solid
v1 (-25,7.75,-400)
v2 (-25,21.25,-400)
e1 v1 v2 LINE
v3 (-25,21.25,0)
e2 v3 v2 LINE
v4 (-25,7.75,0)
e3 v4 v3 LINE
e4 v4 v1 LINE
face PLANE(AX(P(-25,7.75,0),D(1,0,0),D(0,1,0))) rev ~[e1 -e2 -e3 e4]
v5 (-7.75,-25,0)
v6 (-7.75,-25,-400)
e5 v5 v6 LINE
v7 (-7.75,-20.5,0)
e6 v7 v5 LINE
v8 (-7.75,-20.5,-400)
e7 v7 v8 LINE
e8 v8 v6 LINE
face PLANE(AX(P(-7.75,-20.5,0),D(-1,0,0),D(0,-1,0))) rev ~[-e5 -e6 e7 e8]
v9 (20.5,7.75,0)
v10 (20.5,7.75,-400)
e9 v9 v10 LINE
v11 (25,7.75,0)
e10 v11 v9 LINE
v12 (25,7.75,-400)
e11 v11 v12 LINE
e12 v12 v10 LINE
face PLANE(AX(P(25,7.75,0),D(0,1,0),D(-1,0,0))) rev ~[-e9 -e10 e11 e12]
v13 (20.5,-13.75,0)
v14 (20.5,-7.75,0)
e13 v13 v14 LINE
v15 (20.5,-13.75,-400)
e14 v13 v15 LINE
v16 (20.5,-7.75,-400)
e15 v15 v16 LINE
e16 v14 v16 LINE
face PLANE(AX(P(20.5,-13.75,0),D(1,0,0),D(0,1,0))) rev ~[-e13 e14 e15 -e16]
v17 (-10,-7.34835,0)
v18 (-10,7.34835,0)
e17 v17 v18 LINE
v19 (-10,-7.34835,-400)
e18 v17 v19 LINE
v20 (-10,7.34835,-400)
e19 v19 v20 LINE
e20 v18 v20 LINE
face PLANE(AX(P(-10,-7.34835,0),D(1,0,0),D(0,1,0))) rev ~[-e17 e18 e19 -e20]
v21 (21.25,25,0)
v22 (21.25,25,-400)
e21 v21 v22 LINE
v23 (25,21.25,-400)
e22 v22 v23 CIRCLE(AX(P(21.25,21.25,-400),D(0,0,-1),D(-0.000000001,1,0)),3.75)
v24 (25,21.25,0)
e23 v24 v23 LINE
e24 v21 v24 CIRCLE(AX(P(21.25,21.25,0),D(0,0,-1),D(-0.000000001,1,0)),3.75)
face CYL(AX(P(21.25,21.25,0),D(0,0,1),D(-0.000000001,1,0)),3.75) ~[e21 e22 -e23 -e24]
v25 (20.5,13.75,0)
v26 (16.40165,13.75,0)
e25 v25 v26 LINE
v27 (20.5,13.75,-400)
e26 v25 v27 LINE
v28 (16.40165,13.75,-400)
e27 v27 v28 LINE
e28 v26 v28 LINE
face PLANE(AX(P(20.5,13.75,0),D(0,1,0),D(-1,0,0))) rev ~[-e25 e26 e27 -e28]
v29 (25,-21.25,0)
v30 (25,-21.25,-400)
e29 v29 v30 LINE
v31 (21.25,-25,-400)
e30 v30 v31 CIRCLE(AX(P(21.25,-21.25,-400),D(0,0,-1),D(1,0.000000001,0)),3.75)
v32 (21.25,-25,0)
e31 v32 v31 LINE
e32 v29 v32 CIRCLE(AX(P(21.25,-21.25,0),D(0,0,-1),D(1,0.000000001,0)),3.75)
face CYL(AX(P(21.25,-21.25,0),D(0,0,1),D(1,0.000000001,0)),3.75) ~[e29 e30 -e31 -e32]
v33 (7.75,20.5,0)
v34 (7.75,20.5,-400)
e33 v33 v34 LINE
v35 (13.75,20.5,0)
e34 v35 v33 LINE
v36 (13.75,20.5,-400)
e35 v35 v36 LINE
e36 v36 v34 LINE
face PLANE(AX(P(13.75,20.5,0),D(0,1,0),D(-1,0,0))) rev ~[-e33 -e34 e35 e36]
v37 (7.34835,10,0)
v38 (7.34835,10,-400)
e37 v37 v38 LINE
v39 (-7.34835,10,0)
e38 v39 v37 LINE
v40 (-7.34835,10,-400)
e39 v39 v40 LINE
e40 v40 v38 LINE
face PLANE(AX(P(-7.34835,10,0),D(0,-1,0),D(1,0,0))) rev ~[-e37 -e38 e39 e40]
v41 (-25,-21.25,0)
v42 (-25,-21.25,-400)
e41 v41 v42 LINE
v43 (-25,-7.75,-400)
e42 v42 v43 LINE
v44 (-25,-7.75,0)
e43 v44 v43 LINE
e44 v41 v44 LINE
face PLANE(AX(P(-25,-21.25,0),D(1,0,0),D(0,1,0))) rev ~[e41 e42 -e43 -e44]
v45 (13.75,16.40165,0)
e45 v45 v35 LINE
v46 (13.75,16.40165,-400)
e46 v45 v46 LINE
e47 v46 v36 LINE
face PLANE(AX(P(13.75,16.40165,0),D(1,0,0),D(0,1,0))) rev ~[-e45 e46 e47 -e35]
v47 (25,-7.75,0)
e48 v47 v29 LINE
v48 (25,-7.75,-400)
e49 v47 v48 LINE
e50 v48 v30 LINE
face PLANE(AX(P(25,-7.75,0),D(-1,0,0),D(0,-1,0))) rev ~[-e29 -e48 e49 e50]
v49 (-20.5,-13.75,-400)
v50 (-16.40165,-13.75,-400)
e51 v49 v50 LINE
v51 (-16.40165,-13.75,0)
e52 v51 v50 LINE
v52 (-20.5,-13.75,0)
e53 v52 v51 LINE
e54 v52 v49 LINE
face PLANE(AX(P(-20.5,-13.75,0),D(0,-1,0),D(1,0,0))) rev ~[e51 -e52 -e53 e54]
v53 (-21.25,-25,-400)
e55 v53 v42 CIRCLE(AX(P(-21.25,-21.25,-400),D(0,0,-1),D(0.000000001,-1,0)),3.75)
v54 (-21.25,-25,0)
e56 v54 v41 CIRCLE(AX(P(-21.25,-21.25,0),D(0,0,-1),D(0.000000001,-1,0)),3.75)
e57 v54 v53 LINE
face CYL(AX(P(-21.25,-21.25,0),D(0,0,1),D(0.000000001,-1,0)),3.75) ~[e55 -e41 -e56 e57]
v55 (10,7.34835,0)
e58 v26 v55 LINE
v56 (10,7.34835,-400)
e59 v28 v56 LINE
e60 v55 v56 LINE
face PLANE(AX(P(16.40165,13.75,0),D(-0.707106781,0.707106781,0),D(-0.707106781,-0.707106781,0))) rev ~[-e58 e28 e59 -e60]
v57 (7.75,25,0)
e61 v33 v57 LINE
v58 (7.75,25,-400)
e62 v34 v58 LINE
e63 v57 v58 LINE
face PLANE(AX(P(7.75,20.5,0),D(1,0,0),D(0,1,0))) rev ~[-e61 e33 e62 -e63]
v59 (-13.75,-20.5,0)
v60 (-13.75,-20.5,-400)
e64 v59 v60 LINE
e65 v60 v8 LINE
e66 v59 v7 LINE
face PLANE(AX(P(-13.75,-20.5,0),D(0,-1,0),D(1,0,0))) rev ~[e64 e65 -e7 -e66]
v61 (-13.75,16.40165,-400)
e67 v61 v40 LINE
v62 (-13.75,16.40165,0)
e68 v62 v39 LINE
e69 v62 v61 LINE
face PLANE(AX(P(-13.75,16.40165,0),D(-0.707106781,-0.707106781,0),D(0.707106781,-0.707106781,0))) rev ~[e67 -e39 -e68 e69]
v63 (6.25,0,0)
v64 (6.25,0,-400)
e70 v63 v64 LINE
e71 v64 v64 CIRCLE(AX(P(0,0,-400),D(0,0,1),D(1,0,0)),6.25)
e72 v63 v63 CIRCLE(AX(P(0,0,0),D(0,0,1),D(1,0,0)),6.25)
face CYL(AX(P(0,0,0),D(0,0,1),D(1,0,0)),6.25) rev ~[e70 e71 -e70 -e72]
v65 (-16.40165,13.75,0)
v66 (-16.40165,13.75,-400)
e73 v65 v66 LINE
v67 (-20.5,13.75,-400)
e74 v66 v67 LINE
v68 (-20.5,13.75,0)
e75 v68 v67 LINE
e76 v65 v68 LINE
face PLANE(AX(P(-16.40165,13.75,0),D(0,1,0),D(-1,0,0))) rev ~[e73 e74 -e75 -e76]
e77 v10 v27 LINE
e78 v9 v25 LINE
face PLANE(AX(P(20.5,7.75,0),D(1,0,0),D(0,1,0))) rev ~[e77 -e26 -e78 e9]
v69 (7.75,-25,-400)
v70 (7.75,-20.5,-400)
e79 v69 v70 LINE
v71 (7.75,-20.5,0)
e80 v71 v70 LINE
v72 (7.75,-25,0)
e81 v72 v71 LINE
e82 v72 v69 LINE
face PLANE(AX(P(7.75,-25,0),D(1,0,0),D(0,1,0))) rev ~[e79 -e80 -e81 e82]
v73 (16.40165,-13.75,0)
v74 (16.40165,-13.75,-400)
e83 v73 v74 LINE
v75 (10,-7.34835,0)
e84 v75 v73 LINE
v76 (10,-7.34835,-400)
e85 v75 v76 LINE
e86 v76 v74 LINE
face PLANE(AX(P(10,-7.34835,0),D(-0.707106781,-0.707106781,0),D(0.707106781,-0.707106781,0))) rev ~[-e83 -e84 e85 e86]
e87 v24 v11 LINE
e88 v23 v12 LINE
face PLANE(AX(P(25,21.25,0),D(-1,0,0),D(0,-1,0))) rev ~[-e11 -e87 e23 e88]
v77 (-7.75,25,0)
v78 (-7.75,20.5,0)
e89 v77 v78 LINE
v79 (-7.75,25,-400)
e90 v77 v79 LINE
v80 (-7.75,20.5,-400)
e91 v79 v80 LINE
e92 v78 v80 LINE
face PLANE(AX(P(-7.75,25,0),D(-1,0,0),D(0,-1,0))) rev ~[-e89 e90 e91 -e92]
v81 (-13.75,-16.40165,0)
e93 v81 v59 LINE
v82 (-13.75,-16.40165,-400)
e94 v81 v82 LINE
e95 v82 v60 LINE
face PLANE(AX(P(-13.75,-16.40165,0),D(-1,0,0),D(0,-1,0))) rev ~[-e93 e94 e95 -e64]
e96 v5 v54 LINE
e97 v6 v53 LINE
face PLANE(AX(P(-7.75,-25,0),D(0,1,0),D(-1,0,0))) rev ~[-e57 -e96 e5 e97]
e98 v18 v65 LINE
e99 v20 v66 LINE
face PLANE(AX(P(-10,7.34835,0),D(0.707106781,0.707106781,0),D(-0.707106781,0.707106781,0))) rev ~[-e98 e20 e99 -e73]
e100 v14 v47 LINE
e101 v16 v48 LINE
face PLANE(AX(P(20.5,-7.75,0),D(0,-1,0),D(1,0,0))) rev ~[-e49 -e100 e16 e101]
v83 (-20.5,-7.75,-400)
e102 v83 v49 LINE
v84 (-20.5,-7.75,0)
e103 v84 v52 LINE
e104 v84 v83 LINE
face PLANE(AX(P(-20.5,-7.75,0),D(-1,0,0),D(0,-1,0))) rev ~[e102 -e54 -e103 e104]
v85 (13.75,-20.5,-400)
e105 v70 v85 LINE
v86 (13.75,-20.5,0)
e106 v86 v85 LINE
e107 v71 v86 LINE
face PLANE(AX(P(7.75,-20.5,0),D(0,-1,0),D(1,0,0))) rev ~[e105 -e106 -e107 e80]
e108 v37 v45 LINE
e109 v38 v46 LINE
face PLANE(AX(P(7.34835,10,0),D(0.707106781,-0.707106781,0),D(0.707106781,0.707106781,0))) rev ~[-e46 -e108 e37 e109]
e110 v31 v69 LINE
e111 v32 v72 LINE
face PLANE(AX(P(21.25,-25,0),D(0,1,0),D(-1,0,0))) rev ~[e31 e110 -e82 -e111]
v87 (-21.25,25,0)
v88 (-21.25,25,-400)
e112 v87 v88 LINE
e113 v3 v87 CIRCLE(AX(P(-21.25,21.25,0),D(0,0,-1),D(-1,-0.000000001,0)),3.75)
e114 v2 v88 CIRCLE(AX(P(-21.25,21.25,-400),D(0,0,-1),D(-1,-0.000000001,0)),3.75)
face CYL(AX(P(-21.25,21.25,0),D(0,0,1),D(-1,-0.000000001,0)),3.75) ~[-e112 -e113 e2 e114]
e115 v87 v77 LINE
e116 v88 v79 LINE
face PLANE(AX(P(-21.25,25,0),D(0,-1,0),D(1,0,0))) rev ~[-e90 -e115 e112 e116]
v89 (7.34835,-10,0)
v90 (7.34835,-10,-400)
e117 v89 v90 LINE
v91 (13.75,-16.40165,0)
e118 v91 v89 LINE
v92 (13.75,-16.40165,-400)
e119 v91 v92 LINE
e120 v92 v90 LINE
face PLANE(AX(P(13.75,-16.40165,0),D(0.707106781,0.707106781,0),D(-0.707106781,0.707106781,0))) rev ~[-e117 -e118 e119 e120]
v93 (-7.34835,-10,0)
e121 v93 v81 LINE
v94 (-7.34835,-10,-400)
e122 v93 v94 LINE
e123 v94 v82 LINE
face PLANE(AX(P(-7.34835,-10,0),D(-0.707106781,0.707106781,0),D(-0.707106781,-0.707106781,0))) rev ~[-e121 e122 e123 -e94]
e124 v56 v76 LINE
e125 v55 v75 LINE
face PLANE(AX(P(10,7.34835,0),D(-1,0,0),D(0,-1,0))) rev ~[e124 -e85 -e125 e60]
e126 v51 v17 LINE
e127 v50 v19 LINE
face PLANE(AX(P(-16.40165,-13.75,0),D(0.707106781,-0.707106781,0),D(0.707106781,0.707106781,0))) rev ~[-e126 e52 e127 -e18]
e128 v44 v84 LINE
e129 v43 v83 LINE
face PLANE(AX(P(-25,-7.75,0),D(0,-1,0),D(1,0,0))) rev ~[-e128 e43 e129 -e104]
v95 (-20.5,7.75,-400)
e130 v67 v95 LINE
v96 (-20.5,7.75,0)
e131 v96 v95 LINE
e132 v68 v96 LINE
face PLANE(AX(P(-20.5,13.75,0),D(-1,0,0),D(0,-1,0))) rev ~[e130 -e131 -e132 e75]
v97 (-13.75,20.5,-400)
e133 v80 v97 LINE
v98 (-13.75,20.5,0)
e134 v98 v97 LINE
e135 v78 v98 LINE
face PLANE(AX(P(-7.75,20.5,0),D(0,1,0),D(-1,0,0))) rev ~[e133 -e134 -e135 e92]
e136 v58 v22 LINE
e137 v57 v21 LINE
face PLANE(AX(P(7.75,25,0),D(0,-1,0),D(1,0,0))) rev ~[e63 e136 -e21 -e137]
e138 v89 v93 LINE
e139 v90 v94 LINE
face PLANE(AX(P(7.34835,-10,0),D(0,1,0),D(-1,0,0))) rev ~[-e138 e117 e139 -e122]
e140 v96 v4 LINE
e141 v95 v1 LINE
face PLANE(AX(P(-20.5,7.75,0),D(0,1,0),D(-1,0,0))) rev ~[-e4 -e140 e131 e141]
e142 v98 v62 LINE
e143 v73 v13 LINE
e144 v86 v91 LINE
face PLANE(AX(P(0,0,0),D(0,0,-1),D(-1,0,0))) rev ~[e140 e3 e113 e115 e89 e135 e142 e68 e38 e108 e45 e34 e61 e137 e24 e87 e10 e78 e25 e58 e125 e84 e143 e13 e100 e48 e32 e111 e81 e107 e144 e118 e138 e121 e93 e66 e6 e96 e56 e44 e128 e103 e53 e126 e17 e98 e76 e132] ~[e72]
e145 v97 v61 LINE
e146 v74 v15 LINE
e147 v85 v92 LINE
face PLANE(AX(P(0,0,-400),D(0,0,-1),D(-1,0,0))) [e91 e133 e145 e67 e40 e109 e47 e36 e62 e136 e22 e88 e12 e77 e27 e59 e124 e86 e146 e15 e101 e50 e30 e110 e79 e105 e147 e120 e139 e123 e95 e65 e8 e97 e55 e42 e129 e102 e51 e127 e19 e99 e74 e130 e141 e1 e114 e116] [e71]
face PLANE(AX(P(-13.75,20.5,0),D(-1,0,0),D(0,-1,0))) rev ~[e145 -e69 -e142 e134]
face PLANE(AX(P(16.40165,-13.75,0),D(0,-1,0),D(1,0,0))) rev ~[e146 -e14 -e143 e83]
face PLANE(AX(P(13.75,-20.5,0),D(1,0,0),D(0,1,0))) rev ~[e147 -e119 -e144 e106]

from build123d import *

# Parameters (mm, degrees)
SKETCH_1_R      = 2.5
EXTRUDE_2_DEPTH = 160
SCALE1_SCALE    = 2.5


with BuildPart() as part:
    # 草图1 → 凸台-拉伸2 (new body)
    with BuildSketch(Plane.XY):
        with BuildLine():
            Line((5.5, -8.2), (5.5, -6.560660172))
            Line((5.5, -6.560660172), (2.939339828, -4))
            Line((2.939339828, -4), (-2.939339828, -4))
            Line((-2.939339828, -4), (-5.5, -6.560660172))
            Line((-5.5, -6.560660172), (-5.5, -8.2))
            Line((-5.5, -8.2), (-3.1, -8.2))
            Line((-3.1, -8.2), (-3.1, -10))
            Line((-3.1, -10), (-8.5, -10))
            ThreePointArc((-8.5, -10), (-9.560660172, -9.560660172), (-10, -8.5))
            Line((-10, -8.5), (-10, -3.1))
            Line((-10, -3.1), (-8.2, -3.1))
            Line((-8.2, -3.1), (-8.2, -5.5))
            Line((-8.2, -5.5), (-6.560660172, -5.5))
            Line((-6.560660172, -5.5), (-4, -2.939339828))
            Line((-4, -2.939339828), (-4, 2.939339828))
            Line((-4, 2.939339828), (-6.560660172, 5.5))
            Line((-6.560660172, 5.5), (-8.2, 5.5))
            Line((-8.2, 5.5), (-8.2, 3.1))
            Line((-8.2, 3.1), (-10, 3.1))
            Line((-10, 3.1), (-10, 8.5))
            ThreePointArc((-10, 8.5), (-9.560660172, 9.560660172), (-8.5, 10))
            Line((-8.5, 10), (-3.1, 10))
            Line((-3.1, 10), (-3.1, 8.2))
            Line((-3.1, 8.2), (-5.5, 8.2))
            Line((-5.5, 8.2), (-5.5, 6.560660172))
            Line((-5.5, 6.560660172), (-2.939339828, 4))
            Line((-2.939339828, 4), (2.939339828, 4))
            Line((2.939339828, 4), (5.5, 6.560660172))
            Line((5.5, 6.560660172), (5.5, 8.2))
            Line((5.5, 8.2), (3.1, 8.2))
            Line((3.1, 8.2), (3.1, 10))
            Line((3.1, 10), (8.5, 10))
            ThreePointArc((8.5, 10), (9.560660172, 9.560660172), (10, 8.5))
            Line((10, 8.5), (10, 3.1))
            Line((10, 3.1), (8.2, 3.1))
            Line((8.2, 3.1), (8.2, 5.5))
            Line((8.2, 5.5), (6.560660172, 5.5))
            Line((6.560660172, 5.5), (4, 2.939339828))
            Line((4, 2.939339828), (4, -2.939339828))
            Line((4, -2.939339828), (6.560660172, -5.5))
            Line((6.560660172, -5.5), (8.2, -5.5))
            Line((8.2, -5.5), (8.2, -3.1))
            Line((8.2, -3.1), (10, -3.1))
            Line((10, -3.1), (10, -8.5))
            ThreePointArc((10, -8.5), (9.560660172, -9.560660172), (8.5, -10))
            Line((8.5, -10), (3.1, -10))
            Line((3.1, -10), (3.1, -8.2))
            Line((3.1, -8.2), (5.5, -8.2))
        make_face()
        Circle(SKETCH_1_R, mode=Mode.SUBTRACT)
    extrude(amount=-EXTRUDE_2_DEPTH)


with BuildPart() as part_1:
    # Scale1: scaled about (0, 0, 0)
    add(part.part.scale(SCALE1_SCALE))


solid = part_1.part
